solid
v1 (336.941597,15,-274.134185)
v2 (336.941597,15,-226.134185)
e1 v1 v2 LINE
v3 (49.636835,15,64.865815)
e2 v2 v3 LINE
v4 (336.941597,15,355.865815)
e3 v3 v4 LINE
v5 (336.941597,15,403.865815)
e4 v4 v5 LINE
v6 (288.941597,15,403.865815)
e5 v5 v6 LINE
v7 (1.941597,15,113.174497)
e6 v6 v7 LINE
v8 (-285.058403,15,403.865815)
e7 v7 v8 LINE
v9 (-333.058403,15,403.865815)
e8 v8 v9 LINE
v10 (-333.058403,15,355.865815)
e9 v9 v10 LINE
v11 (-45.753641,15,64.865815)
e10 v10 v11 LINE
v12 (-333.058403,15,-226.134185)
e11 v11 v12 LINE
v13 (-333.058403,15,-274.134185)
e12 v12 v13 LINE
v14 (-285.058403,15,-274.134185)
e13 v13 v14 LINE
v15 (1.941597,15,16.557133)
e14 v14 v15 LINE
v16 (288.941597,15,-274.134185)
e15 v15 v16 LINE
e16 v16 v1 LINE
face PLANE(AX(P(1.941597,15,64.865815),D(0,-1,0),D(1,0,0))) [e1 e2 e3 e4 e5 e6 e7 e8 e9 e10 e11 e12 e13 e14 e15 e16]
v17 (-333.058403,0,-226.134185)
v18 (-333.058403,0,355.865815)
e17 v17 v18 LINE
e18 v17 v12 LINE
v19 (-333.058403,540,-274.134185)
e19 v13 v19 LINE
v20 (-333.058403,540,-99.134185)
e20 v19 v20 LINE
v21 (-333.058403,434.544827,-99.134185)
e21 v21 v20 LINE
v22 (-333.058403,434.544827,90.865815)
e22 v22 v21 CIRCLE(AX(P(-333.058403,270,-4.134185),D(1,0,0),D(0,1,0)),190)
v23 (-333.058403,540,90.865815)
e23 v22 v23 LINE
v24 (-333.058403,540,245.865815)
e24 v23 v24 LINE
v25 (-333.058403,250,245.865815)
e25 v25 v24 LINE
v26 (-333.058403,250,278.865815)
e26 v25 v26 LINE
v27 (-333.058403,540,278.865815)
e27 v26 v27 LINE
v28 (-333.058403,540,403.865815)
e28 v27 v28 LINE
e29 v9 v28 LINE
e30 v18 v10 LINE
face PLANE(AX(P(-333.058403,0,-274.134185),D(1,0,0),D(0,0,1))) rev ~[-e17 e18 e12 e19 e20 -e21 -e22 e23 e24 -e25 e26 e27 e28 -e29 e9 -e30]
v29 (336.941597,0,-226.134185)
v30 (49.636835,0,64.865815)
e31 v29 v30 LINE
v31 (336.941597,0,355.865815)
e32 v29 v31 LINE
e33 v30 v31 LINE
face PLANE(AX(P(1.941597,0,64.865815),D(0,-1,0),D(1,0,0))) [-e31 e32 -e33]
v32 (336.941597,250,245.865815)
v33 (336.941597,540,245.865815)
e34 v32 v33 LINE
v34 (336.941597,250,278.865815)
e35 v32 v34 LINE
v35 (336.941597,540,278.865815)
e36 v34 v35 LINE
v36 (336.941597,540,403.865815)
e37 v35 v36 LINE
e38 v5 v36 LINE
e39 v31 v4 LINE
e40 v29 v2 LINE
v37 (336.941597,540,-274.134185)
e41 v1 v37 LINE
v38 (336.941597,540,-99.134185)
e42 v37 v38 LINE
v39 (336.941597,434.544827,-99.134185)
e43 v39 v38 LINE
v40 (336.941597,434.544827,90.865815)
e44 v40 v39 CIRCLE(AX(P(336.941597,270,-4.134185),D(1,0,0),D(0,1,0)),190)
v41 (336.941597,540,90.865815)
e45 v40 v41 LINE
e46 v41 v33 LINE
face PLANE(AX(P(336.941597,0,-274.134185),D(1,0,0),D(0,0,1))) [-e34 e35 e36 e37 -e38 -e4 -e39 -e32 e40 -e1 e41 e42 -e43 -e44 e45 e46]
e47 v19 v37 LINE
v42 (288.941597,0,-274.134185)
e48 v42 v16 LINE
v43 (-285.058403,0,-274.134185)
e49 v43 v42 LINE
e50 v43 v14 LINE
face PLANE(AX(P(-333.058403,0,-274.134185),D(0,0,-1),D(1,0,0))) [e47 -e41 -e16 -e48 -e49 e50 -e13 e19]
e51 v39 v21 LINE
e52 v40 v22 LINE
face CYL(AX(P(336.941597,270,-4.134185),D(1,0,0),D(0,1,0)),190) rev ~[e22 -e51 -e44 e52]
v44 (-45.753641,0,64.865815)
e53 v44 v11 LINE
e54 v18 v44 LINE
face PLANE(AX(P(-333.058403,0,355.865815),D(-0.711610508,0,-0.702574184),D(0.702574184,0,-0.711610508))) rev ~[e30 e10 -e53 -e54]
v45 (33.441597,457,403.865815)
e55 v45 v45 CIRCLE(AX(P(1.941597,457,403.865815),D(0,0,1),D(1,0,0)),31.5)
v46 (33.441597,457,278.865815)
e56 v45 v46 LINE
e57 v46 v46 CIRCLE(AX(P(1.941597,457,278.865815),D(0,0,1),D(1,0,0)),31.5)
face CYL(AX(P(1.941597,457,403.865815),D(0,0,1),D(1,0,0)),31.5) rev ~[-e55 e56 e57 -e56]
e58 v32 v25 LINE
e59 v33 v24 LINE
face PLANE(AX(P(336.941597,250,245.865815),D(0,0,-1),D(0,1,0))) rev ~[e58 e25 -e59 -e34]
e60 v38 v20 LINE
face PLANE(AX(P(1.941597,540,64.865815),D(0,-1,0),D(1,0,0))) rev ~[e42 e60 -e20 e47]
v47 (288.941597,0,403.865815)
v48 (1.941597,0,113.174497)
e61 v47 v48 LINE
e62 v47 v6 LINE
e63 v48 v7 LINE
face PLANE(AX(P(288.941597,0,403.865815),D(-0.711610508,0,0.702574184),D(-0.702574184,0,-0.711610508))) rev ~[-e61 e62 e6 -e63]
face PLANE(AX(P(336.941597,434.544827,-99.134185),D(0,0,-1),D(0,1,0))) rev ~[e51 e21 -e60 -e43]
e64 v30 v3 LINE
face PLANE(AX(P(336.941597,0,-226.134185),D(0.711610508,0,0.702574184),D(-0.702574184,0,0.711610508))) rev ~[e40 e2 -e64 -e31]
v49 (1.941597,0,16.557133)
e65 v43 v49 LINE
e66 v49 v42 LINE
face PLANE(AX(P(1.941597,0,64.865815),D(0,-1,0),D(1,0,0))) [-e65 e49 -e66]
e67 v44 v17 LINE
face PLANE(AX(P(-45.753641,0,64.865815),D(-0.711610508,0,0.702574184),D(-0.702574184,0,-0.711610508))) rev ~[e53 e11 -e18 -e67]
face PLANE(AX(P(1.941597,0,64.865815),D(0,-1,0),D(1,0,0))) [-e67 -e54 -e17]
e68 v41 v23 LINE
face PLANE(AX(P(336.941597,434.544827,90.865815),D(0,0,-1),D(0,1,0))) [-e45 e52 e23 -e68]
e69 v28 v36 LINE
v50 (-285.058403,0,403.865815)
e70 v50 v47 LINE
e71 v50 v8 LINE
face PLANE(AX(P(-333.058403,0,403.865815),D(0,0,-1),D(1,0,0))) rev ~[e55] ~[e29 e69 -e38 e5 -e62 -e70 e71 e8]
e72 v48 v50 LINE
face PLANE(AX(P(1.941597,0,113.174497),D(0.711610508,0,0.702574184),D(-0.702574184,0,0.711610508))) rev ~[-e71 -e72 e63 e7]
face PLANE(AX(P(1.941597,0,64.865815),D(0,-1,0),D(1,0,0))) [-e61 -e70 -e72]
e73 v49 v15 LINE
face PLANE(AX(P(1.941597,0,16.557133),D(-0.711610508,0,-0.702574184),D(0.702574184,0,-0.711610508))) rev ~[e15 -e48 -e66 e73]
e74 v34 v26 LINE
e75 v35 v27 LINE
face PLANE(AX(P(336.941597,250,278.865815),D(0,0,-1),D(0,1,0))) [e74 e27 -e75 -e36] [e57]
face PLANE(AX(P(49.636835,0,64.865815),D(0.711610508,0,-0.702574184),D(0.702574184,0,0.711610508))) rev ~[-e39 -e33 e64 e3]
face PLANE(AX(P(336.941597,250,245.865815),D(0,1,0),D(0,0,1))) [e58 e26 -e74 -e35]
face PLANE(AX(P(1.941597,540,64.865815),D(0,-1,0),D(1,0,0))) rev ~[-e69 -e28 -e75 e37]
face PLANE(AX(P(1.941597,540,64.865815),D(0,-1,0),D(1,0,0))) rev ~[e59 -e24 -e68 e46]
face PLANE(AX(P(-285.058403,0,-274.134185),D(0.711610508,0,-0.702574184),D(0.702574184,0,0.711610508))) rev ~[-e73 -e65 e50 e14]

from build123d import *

# Parameters (mm, degrees)
F0_W      = 670
F0_H      = 678
F1_DEPTH  = 540
F2_R      = 31.5
F3_DEPTH  = 125
F4_W      = 290
F4_H      = 33
F5_DEPTH  = 670
F6_R      = 190
F7_DEPTH  = 670
F8_W      = 105.455173281
F8_H      = 190
F9_DEPTH  = 670
F11_DEPTH = 15


with BuildPart() as f1:
    # F0 (on Front) → F1 (new body)
    with BuildSketch(Plane.XZ):
        with Locations((1.9415970892, 64.8658148712)):
            Rectangle(F0_W, F0_H)
    extrude(amount=-F1_DEPTH)

    # F2 (on face) → F3 (cut)
    with BuildSketch(Plane.XY.offset(403.8658148712)):
        with Locations((1.9415970892, 457)):
            Circle(F2_R)
    extrude(amount=-F3_DEPTH, mode=Mode.SUBTRACT)

    # F4 (on face) → F5 (cut)
    with BuildSketch(Plane.YZ.offset(336.9415970892)):
        with Locations((395, 262.3658148712)):
            Rectangle(F4_W, F4_H)
    extrude(amount=-F5_DEPTH, mode=Mode.SUBTRACT)

    # F6 (on face) → F7 (cut)
    with BuildSketch(Plane.YZ.offset(336.9415970892)):
        with Locations((270, -4.1341851288)):
            Circle(F6_R)
    extrude(amount=-F7_DEPTH, mode=Mode.SUBTRACT)

    # F8 (on face) → F9 (cut)
    with BuildSketch(Plane.YZ.offset(336.9415970892)):
        with Locations((487.2724133595, -4.1341851288)):
            Rectangle(F8_W, F8_H)
    extrude(amount=-F9_DEPTH, mode=Mode.SUBTRACT)

    # F10 (on face) → F11 (cut)
    with BuildSketch(Plane.XZ):
        Polygon((-285.0584029108, 403.8658148712), (-333.0584029108, 403.8658148712), (-333.0584029108, 355.8658148712), (-45.7536410061, 64.8658148712), (-333.0584029108, -226.1341851288), (-333.0584029108, -274.1341851288), (-285.0584029108, -274.1341851288), (1.9415970892, 16.5571331991), (288.9415970892, -274.1341851288), (336.9415970892, -274.1341851288), (336.9415970892, -226.1341851288), (49.6368351844, 64.8658148712), (336.9415970892, 355.8658148712), (336.9415970892, 403.8658148712), (288.9415970892, 403.8658148712), (1.9415970892, 113.1744965432), align=None)
    extrude(amount=-F11_DEPTH, mode=Mode.SUBTRACT)


solid = f1.part
